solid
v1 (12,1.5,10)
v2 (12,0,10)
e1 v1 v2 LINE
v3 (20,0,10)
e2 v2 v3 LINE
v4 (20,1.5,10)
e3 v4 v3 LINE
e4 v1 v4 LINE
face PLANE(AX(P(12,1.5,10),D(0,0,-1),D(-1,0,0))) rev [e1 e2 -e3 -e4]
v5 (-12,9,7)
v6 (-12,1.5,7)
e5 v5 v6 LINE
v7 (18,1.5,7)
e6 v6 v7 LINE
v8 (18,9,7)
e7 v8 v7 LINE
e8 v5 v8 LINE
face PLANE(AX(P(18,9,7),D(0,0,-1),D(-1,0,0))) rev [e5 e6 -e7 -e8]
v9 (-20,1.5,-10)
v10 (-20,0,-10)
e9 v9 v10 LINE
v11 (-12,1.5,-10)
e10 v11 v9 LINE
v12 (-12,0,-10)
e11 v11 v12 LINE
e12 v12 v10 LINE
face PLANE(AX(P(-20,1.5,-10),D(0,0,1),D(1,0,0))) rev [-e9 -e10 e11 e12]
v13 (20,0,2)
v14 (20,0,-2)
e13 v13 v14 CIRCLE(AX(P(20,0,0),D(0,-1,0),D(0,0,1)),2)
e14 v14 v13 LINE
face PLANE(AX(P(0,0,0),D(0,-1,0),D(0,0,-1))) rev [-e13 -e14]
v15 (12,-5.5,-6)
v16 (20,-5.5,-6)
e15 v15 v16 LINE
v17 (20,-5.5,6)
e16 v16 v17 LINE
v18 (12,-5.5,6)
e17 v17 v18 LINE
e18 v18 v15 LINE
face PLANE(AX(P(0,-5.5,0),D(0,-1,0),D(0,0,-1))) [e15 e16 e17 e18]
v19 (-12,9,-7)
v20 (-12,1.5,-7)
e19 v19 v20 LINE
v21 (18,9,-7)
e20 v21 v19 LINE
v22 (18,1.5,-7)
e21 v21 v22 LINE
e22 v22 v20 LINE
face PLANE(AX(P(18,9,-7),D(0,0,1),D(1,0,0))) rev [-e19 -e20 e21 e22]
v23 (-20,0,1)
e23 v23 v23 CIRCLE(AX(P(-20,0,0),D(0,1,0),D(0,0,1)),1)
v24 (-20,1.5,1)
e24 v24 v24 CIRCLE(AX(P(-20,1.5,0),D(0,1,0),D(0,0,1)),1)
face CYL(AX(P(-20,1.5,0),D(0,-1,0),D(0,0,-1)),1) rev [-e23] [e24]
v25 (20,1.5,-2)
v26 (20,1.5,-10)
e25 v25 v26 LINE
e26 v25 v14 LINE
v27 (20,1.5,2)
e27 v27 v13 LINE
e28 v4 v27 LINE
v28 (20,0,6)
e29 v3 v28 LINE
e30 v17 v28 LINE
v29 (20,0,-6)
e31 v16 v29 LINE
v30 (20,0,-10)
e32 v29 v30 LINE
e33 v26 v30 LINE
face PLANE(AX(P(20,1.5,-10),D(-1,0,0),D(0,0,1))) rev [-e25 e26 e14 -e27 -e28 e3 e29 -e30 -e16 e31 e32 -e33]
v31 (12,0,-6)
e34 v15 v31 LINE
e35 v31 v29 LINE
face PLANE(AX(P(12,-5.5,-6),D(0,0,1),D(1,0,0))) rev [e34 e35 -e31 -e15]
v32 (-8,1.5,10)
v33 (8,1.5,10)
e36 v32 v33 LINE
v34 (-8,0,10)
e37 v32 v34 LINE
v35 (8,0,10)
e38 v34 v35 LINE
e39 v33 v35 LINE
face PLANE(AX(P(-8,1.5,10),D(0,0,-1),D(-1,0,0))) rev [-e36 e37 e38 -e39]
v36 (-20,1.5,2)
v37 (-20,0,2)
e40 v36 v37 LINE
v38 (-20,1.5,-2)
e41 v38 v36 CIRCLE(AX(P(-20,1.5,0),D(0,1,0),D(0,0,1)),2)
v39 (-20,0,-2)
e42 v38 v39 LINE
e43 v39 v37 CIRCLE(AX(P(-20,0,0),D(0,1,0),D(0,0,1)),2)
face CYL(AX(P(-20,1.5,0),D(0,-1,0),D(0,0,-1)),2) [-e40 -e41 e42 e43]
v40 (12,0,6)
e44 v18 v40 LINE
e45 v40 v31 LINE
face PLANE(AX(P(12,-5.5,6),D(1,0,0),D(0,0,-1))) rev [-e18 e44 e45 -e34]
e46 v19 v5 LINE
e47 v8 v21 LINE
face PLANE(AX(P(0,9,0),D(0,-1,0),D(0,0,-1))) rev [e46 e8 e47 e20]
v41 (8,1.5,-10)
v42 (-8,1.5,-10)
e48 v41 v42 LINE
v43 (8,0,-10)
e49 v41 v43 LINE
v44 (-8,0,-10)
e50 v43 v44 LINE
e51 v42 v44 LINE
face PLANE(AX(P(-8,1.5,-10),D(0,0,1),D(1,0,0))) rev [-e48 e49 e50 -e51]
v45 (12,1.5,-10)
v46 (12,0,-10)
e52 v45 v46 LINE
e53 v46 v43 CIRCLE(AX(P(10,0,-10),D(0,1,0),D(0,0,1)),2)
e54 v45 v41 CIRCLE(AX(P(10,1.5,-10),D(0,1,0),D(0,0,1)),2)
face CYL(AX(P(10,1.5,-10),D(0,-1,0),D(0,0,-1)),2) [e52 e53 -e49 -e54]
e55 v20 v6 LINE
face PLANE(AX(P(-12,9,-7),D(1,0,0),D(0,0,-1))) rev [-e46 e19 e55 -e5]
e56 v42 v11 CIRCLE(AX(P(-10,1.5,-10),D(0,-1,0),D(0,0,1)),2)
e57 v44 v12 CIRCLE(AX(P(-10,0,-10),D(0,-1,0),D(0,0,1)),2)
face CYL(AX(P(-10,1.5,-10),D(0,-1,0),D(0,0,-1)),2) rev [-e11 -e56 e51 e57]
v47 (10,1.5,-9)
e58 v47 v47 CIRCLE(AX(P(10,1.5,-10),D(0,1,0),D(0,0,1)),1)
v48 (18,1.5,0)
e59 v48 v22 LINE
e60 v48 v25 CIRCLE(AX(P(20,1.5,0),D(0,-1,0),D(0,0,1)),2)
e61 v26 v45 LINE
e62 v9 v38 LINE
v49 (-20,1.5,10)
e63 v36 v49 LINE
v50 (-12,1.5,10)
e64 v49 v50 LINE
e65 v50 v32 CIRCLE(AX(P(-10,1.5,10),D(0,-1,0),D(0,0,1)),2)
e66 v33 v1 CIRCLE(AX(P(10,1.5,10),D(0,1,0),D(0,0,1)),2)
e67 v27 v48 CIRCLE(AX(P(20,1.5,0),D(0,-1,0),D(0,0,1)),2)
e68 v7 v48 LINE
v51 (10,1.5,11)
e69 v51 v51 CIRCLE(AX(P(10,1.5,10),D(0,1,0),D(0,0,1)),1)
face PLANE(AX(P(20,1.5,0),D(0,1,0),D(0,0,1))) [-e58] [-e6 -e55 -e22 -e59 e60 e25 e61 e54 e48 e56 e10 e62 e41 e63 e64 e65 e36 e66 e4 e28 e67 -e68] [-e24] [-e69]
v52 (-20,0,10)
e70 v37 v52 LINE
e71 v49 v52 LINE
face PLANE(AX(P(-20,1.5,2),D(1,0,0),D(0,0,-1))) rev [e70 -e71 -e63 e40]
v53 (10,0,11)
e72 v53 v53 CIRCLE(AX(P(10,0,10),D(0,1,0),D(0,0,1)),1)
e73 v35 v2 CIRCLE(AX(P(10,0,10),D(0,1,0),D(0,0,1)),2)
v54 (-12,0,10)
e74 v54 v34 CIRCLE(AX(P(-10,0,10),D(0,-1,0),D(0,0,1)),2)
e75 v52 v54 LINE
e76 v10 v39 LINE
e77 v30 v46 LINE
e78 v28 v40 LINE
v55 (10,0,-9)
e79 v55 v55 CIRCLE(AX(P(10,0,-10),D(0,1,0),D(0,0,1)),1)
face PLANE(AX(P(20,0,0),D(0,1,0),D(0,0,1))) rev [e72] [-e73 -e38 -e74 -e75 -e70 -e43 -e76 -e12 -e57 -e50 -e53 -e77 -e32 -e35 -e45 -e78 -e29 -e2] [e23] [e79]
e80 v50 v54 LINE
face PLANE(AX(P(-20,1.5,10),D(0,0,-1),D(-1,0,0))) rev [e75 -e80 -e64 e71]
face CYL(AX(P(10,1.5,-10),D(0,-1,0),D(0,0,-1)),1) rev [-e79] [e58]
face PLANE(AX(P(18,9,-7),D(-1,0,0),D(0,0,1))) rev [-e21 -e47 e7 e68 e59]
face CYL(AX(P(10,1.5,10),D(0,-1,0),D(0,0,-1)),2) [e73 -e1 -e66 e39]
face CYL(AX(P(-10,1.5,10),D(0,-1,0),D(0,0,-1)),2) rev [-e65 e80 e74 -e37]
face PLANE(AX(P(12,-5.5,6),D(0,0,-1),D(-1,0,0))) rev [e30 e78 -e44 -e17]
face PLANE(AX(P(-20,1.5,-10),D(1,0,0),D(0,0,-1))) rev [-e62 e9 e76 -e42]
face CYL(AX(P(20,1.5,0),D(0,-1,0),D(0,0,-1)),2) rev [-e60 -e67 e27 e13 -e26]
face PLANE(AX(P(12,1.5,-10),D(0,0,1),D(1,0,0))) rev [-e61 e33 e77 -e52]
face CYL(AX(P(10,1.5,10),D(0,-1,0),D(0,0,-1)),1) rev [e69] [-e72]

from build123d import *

# Parameters (mm, degrees)
SKETCH_1_R      = 1
EXTRUDE_1_DEPTH = 1.5
SKETCH_2_W      = 30
SKETCH_2_H      = 14
EXTRUDE_2_DEPTH = 7.5
SKETCH_3_W      = 8
SKETCH_3_H      = 12
EXTRUDE_3_DEPTH = 5.5


with BuildPart() as part:
    # Эскиз1 → Бобышка-Вытянуть1 (new body)
    with BuildSketch(Plane(origin=(0, 0, 0), x_dir=(1, 0, 0), z_dir=(0, 1, 0))):
        with BuildLine():
            Line((-20, 10), (-12, 10))
            ThreePointArc((-12, 10), (-10, 8), (-8, 10))
            Line((-8, 10), (8, 10))
            ThreePointArc((8, 10), (10, 12), (12, 10))
            Line((12, 10), (20, 10))
            Line((20, 10), (20, 2))
            ThreePointArc((20, 2), (18, 0), (20, -2))
            Line((20, -2), (20, -10))
            Line((20, -10), (12, -10))
            ThreePointArc((12, -10), (10, -12), (8, -10))
            Line((8, -10), (-8, -10))
            ThreePointArc((-8, -10), (-10, -8), (-12, -10))
            Line((-12, -10), (-20, -10))
            Line((-20, -10), (-20, -2))
            ThreePointArc((-20, -2), (-22, 0), (-20, 2))
            Line((-20, 2), (-20, 10))
        make_face()
        with Locations((-20, 0)):
            Circle(SKETCH_1_R, mode=Mode.SUBTRACT)
        with Locations((10, 10)):
            Circle(SKETCH_1_R, mode=Mode.SUBTRACT)
        with Locations((10, -10)):
            Circle(SKETCH_1_R, mode=Mode.SUBTRACT)
    extrude(amount=EXTRUDE_1_DEPTH)

    # Эскиз2 → Бобышка-Вытянуть2 (add)
    with BuildSketch(Plane(origin=(0, 1.5, 0), x_dir=(1, 0, 0), z_dir=(0, 1, 0))):
        with Locations((3, 0)):
            Rectangle(SKETCH_2_W, SKETCH_2_H)
    extrude(amount=EXTRUDE_2_DEPTH)

    # Эскиз3 → Бобышка-Вытянуть3 (add)
    with BuildSketch(Plane.XZ):
        with Locations((16, 0)):
            Rectangle(SKETCH_3_W, SKETCH_3_H)
    extrude(amount=EXTRUDE_3_DEPTH)


solid = part.part
